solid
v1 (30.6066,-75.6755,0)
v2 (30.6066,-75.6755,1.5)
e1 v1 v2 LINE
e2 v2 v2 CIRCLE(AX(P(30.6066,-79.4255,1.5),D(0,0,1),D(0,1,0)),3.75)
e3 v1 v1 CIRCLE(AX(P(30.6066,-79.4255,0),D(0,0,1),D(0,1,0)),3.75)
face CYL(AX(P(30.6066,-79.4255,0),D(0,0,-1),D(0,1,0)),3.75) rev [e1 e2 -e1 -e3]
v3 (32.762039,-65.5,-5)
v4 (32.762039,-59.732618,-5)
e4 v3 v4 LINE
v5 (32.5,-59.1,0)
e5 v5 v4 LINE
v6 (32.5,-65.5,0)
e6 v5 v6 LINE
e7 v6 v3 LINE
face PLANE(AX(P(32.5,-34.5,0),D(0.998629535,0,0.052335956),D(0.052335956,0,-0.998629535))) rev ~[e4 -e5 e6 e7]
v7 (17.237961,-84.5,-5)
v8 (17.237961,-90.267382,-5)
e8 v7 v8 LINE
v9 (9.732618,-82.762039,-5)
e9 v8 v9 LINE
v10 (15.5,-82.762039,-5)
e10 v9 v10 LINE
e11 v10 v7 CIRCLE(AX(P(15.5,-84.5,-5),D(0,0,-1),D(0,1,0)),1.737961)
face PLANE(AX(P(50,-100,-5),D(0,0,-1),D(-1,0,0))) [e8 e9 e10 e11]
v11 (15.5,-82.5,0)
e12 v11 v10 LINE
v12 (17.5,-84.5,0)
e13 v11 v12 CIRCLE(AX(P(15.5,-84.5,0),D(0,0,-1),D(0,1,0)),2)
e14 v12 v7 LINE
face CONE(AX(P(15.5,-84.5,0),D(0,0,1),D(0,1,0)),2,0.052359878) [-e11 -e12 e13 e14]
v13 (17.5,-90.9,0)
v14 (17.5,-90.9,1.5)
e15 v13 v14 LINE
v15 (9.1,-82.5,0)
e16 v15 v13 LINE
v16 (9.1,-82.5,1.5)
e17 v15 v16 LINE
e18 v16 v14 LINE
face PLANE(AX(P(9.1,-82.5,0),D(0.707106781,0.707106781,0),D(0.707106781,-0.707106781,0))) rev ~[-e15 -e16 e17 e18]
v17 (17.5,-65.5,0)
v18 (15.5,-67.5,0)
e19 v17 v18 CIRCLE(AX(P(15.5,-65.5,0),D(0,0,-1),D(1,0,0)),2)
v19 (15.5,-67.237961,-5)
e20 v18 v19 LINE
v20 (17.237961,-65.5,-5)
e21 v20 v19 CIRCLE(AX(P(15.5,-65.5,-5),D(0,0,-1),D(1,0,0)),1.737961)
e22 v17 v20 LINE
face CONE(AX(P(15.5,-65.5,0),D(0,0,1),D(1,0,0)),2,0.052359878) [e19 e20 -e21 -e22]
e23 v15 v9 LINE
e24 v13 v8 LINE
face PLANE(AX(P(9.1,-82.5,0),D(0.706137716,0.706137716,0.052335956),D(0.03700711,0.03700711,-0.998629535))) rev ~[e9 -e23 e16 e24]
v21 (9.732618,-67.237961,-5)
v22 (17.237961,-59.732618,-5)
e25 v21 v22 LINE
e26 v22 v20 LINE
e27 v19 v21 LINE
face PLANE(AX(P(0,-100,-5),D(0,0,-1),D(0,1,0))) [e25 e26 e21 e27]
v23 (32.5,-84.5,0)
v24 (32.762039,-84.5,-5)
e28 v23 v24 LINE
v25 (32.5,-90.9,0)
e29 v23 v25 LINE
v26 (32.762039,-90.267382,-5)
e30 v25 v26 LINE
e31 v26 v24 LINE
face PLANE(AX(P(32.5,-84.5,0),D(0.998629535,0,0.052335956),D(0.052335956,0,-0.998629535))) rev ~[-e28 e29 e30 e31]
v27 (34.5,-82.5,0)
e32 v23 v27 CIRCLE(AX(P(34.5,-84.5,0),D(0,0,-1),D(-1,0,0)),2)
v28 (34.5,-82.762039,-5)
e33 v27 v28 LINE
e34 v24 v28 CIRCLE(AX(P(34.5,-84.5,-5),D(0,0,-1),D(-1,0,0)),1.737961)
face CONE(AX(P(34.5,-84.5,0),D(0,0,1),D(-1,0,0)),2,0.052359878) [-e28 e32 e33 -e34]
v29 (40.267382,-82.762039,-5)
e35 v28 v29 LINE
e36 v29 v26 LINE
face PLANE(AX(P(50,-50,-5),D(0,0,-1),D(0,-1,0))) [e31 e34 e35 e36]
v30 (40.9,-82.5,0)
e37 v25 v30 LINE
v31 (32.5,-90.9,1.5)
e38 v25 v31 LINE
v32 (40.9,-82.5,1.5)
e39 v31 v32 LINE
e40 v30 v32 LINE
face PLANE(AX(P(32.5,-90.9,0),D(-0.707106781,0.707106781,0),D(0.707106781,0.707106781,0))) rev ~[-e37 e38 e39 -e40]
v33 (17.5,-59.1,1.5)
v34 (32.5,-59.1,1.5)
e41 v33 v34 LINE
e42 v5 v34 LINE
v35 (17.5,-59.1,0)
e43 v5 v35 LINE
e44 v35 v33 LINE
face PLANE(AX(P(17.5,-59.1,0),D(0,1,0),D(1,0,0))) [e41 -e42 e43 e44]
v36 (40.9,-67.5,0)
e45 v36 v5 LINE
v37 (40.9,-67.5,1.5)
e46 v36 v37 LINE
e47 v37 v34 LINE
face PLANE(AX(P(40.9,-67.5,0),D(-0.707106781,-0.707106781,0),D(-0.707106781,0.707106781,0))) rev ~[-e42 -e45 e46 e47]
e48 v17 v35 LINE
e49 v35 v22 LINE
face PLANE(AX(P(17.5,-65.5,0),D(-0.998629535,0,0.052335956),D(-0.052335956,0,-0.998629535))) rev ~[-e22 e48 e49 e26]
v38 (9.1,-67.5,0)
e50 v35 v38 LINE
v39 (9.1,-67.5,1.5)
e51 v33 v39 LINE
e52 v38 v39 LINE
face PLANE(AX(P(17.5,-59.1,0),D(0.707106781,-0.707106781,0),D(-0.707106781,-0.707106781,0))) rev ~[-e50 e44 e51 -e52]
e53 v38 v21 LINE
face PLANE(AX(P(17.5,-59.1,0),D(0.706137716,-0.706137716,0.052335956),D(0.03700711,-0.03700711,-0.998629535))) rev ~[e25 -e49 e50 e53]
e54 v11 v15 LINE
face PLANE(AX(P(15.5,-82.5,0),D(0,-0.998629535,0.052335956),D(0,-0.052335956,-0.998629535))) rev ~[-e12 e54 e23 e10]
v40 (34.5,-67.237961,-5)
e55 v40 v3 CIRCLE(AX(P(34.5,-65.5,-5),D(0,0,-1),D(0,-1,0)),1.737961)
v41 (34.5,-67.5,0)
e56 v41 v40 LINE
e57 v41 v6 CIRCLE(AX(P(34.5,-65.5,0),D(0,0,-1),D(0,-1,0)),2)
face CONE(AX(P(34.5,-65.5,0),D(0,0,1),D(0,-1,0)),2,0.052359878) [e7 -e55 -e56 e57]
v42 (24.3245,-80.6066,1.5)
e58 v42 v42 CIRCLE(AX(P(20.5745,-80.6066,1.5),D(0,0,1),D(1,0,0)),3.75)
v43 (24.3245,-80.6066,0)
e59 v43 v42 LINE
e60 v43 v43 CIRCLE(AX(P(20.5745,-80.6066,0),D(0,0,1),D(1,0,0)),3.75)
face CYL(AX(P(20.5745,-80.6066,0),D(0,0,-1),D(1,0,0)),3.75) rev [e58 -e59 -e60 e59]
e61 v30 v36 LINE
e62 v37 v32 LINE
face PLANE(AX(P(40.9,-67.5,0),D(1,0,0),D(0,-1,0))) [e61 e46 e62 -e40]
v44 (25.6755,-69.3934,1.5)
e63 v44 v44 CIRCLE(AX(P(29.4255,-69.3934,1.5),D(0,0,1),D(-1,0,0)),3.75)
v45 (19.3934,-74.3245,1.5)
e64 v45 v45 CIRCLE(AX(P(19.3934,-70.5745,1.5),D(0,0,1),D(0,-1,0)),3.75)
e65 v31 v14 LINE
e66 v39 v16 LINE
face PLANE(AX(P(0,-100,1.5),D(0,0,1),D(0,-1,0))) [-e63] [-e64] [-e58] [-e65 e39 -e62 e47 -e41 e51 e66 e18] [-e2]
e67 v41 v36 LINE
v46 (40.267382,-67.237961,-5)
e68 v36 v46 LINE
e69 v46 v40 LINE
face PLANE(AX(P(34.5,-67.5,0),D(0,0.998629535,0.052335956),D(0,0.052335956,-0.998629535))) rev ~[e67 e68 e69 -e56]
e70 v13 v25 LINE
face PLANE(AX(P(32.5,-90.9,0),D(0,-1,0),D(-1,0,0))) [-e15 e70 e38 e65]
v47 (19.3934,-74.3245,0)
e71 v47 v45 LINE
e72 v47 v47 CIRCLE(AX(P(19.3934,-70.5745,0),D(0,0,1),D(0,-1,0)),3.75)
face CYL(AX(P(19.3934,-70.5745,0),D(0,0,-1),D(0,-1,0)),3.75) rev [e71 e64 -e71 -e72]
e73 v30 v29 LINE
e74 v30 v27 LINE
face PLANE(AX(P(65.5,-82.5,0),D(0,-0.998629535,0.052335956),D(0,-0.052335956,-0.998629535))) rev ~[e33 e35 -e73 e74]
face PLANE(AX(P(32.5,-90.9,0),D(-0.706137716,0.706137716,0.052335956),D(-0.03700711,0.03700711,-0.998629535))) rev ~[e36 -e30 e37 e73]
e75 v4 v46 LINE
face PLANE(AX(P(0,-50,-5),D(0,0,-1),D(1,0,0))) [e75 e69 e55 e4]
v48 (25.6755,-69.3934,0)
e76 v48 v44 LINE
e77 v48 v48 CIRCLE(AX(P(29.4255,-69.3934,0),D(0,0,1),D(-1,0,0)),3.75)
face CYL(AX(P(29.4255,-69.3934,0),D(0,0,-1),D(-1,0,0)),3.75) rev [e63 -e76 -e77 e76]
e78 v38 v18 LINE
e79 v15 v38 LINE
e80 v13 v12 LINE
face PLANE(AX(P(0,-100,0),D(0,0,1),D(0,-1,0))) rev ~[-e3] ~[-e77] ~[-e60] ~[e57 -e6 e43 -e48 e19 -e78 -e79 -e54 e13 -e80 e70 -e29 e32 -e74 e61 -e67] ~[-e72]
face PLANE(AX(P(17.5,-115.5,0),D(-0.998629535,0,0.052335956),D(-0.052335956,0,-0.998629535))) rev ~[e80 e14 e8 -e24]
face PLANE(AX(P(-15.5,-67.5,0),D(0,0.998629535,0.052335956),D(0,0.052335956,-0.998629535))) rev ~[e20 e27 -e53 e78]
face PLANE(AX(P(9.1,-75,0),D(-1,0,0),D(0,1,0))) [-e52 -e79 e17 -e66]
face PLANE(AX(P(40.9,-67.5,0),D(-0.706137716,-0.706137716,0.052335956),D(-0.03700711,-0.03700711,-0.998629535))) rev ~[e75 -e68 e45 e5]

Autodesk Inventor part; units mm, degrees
ref_plane "YZ Plane" through (0, 0, 0) normal (1, 0, 0) x (0, 1, 0)
ref_plane "XZ Plane" through (0, 0, 0) normal (0, 1, 0) x (-1, 0, 0)
ref_plane "XY Plane" through (0, 0, 0) normal (0, 0, 1) x (1, 0, 0)
ref_plane "Work Plane1" through (50, -100, 0) normal (0, 0, 1) x (1, 0, 0)
sketch "Sketch1" plane through (50, -100, 0) normal (0, 0, 1) x (1, 0, 0)
  line L0 (-9.1, 25) -> (-9.1, 17.5) construction
  line L1 (-9.1, 25) -> (-25, 25) construction
  line L2 (-25, 25) -> (-25, 9.1) construction
  line L3 (-17.5, 9.1) -> (-25, 9.1) construction
  line L4 (-17.5, 9.1) -> (-17.5, 15.5) construction
  arc A0 (-15.5, 17.5) -> (-17.5, 15.5) centre (-15.5, 15.5) ccw construction
  line L5 (-15.5, 17.5) -> (-9.1, 17.5) construction
  circle A1 centre (-20, 20) radius 2.2989 construction
  line L6 (-40.9, 17.5) -> (-40.9, 25)
  line L7 (-40.9, 17.5) -> (-34.5, 17.5) construction
  arc A2 (-32.5, 15.5) -> (-34.5, 17.5) centre (-34.5, 15.5) ccw construction
  line L8 (-32.5, 15.5) -> (-32.5, 9.1) construction
  line L9 (-25, 9.1) -> (-32.5, 9.1)
  line L10 (-25, 9.1) -> (-25, 25) construction
  line L11 (-25, 25) -> (-40.9, 25) construction
  circle A3 centre (-30, 20) radius 2.2989 construction
  line L12 (-40.9, 25) -> (-40.9, 32.5) construction
  line L13 (-40.9, 25) -> (-25, 25)
  line L14 (-25, 25) -> (-25, 40.9) construction
  line L15 (-32.5, 40.9) -> (-25, 40.9) construction
  line L16 (-32.5, 40.9) -> (-32.5, 34.5) construction
  arc A4 (-34.5, 32.5) -> (-32.5, 34.5) centre (-34.5, 34.5) ccw construction
  line L17 (-34.5, 32.5) -> (-40.9, 32.5) construction
  circle A5 centre (-30, 30) radius 2.2989 construction
  circle A6 centre (-20, 30) radius 2.2989 construction
  line L18 (-25, 40.9) -> (-17.5, 40.9) construction
  line L19 (-25, 40.9) -> (-25, 25) construction
  line L20 (-25, 25) -> (-9.1, 25) construction
  line L21 (-9.1, 32.5) -> (-9.1, 25) construction
  line L22 (-9.1, 32.5) -> (-15.5, 32.5) construction
  arc A7 (-17.5, 34.5) -> (-15.5, 32.5) centre (-15.5, 34.5) ccw construction
  line L23 (-17.5, 34.5) -> (-17.5, 40.9) construction
  line L24 (-25, 9.1) -> (-32.5, 9.1)
  line L25 (-40.9, 17.5) -> (-32.5, 9.1)
  line L26 (-40.9, 17.5) -> (-40.9, 25)
  line L27 (-25, 25) -> (-40.9, 25)
  line L28 (-25, 9.1) -> (-25, 25)
  arc A8 (-32.5755, 19.3934) -> (-26.2755, 19.3934) centre (-29.4255, 19.3934) ccw projected
  circle A9 centre (-29.4255, 19.3934) radius 3.75
  line L29 (-40.9, 17.5) -> (-40.9, 25) projected
  line L30 (-25, 9.1) -> (-32.5, 9.1) projected
  line L31 (-40.9, 25) -> (-25, 25) projected
  point P0 (-50, 100)
  dimension "d0" = 7.5
extrude "Extrusion1" add sketch "Sketch1" along normal blind 1.5
sketch "Sketch2" plane through (50, -100, 0) normal (0, 0, -1) x (-1, 0, 0)
  circle A0 centre (29.4255, 19.3934) radius 3.75 projected
  line L0 (25, 25) -> (40.9, 25) projected
  line L1 (25, 9.1) -> (25, 25) projected
  line L2 (32.5, 9.1) -> (25, 9.1) projected
  line L3 (40.9, 17.5) -> (32.5, 9.1) projected
  line L4 (40.9, 25) -> (40.9, 17.5) projected
  line L5 (32.5, -15.5) -> (32.5, 15.5) projected
  arc A1 (34.5, 17.5) -> (32.5, 15.5) centre (34.5, 15.5) ccw projected
  line L6 (34.5, 17.5) -> (65.5, 17.5) projected
  line L7 (65.4275, 17.6356) -> (34.5, 17.6356)
  arc A2 (34.5, 17.6356) -> (32.3644, 15.5) centre (34.5, 15.5) ccw
  line L8 (32.3644, 15.5) -> (32.3644, -15.5)
  line L9 (40.9, 17.5) -> (32.5, 9.1) projected
  point P0 (50, 100)
  point P1 (41.0356, 17.6356)
  point P2 (32.3644, 8.9644)
extrude "Extrusion2" add sketch "Sketch2" along normal blind 5 draft -3 contours L3 L5 A1 L6
pattern_circular "Circular Pattern1" count 4 over 360 about axis through (25, -75, 0) along (0, 0, 1) of "Extrusion1", "Extrusion2"
properties part number "30_Baseplate_Connector_Clamp"
